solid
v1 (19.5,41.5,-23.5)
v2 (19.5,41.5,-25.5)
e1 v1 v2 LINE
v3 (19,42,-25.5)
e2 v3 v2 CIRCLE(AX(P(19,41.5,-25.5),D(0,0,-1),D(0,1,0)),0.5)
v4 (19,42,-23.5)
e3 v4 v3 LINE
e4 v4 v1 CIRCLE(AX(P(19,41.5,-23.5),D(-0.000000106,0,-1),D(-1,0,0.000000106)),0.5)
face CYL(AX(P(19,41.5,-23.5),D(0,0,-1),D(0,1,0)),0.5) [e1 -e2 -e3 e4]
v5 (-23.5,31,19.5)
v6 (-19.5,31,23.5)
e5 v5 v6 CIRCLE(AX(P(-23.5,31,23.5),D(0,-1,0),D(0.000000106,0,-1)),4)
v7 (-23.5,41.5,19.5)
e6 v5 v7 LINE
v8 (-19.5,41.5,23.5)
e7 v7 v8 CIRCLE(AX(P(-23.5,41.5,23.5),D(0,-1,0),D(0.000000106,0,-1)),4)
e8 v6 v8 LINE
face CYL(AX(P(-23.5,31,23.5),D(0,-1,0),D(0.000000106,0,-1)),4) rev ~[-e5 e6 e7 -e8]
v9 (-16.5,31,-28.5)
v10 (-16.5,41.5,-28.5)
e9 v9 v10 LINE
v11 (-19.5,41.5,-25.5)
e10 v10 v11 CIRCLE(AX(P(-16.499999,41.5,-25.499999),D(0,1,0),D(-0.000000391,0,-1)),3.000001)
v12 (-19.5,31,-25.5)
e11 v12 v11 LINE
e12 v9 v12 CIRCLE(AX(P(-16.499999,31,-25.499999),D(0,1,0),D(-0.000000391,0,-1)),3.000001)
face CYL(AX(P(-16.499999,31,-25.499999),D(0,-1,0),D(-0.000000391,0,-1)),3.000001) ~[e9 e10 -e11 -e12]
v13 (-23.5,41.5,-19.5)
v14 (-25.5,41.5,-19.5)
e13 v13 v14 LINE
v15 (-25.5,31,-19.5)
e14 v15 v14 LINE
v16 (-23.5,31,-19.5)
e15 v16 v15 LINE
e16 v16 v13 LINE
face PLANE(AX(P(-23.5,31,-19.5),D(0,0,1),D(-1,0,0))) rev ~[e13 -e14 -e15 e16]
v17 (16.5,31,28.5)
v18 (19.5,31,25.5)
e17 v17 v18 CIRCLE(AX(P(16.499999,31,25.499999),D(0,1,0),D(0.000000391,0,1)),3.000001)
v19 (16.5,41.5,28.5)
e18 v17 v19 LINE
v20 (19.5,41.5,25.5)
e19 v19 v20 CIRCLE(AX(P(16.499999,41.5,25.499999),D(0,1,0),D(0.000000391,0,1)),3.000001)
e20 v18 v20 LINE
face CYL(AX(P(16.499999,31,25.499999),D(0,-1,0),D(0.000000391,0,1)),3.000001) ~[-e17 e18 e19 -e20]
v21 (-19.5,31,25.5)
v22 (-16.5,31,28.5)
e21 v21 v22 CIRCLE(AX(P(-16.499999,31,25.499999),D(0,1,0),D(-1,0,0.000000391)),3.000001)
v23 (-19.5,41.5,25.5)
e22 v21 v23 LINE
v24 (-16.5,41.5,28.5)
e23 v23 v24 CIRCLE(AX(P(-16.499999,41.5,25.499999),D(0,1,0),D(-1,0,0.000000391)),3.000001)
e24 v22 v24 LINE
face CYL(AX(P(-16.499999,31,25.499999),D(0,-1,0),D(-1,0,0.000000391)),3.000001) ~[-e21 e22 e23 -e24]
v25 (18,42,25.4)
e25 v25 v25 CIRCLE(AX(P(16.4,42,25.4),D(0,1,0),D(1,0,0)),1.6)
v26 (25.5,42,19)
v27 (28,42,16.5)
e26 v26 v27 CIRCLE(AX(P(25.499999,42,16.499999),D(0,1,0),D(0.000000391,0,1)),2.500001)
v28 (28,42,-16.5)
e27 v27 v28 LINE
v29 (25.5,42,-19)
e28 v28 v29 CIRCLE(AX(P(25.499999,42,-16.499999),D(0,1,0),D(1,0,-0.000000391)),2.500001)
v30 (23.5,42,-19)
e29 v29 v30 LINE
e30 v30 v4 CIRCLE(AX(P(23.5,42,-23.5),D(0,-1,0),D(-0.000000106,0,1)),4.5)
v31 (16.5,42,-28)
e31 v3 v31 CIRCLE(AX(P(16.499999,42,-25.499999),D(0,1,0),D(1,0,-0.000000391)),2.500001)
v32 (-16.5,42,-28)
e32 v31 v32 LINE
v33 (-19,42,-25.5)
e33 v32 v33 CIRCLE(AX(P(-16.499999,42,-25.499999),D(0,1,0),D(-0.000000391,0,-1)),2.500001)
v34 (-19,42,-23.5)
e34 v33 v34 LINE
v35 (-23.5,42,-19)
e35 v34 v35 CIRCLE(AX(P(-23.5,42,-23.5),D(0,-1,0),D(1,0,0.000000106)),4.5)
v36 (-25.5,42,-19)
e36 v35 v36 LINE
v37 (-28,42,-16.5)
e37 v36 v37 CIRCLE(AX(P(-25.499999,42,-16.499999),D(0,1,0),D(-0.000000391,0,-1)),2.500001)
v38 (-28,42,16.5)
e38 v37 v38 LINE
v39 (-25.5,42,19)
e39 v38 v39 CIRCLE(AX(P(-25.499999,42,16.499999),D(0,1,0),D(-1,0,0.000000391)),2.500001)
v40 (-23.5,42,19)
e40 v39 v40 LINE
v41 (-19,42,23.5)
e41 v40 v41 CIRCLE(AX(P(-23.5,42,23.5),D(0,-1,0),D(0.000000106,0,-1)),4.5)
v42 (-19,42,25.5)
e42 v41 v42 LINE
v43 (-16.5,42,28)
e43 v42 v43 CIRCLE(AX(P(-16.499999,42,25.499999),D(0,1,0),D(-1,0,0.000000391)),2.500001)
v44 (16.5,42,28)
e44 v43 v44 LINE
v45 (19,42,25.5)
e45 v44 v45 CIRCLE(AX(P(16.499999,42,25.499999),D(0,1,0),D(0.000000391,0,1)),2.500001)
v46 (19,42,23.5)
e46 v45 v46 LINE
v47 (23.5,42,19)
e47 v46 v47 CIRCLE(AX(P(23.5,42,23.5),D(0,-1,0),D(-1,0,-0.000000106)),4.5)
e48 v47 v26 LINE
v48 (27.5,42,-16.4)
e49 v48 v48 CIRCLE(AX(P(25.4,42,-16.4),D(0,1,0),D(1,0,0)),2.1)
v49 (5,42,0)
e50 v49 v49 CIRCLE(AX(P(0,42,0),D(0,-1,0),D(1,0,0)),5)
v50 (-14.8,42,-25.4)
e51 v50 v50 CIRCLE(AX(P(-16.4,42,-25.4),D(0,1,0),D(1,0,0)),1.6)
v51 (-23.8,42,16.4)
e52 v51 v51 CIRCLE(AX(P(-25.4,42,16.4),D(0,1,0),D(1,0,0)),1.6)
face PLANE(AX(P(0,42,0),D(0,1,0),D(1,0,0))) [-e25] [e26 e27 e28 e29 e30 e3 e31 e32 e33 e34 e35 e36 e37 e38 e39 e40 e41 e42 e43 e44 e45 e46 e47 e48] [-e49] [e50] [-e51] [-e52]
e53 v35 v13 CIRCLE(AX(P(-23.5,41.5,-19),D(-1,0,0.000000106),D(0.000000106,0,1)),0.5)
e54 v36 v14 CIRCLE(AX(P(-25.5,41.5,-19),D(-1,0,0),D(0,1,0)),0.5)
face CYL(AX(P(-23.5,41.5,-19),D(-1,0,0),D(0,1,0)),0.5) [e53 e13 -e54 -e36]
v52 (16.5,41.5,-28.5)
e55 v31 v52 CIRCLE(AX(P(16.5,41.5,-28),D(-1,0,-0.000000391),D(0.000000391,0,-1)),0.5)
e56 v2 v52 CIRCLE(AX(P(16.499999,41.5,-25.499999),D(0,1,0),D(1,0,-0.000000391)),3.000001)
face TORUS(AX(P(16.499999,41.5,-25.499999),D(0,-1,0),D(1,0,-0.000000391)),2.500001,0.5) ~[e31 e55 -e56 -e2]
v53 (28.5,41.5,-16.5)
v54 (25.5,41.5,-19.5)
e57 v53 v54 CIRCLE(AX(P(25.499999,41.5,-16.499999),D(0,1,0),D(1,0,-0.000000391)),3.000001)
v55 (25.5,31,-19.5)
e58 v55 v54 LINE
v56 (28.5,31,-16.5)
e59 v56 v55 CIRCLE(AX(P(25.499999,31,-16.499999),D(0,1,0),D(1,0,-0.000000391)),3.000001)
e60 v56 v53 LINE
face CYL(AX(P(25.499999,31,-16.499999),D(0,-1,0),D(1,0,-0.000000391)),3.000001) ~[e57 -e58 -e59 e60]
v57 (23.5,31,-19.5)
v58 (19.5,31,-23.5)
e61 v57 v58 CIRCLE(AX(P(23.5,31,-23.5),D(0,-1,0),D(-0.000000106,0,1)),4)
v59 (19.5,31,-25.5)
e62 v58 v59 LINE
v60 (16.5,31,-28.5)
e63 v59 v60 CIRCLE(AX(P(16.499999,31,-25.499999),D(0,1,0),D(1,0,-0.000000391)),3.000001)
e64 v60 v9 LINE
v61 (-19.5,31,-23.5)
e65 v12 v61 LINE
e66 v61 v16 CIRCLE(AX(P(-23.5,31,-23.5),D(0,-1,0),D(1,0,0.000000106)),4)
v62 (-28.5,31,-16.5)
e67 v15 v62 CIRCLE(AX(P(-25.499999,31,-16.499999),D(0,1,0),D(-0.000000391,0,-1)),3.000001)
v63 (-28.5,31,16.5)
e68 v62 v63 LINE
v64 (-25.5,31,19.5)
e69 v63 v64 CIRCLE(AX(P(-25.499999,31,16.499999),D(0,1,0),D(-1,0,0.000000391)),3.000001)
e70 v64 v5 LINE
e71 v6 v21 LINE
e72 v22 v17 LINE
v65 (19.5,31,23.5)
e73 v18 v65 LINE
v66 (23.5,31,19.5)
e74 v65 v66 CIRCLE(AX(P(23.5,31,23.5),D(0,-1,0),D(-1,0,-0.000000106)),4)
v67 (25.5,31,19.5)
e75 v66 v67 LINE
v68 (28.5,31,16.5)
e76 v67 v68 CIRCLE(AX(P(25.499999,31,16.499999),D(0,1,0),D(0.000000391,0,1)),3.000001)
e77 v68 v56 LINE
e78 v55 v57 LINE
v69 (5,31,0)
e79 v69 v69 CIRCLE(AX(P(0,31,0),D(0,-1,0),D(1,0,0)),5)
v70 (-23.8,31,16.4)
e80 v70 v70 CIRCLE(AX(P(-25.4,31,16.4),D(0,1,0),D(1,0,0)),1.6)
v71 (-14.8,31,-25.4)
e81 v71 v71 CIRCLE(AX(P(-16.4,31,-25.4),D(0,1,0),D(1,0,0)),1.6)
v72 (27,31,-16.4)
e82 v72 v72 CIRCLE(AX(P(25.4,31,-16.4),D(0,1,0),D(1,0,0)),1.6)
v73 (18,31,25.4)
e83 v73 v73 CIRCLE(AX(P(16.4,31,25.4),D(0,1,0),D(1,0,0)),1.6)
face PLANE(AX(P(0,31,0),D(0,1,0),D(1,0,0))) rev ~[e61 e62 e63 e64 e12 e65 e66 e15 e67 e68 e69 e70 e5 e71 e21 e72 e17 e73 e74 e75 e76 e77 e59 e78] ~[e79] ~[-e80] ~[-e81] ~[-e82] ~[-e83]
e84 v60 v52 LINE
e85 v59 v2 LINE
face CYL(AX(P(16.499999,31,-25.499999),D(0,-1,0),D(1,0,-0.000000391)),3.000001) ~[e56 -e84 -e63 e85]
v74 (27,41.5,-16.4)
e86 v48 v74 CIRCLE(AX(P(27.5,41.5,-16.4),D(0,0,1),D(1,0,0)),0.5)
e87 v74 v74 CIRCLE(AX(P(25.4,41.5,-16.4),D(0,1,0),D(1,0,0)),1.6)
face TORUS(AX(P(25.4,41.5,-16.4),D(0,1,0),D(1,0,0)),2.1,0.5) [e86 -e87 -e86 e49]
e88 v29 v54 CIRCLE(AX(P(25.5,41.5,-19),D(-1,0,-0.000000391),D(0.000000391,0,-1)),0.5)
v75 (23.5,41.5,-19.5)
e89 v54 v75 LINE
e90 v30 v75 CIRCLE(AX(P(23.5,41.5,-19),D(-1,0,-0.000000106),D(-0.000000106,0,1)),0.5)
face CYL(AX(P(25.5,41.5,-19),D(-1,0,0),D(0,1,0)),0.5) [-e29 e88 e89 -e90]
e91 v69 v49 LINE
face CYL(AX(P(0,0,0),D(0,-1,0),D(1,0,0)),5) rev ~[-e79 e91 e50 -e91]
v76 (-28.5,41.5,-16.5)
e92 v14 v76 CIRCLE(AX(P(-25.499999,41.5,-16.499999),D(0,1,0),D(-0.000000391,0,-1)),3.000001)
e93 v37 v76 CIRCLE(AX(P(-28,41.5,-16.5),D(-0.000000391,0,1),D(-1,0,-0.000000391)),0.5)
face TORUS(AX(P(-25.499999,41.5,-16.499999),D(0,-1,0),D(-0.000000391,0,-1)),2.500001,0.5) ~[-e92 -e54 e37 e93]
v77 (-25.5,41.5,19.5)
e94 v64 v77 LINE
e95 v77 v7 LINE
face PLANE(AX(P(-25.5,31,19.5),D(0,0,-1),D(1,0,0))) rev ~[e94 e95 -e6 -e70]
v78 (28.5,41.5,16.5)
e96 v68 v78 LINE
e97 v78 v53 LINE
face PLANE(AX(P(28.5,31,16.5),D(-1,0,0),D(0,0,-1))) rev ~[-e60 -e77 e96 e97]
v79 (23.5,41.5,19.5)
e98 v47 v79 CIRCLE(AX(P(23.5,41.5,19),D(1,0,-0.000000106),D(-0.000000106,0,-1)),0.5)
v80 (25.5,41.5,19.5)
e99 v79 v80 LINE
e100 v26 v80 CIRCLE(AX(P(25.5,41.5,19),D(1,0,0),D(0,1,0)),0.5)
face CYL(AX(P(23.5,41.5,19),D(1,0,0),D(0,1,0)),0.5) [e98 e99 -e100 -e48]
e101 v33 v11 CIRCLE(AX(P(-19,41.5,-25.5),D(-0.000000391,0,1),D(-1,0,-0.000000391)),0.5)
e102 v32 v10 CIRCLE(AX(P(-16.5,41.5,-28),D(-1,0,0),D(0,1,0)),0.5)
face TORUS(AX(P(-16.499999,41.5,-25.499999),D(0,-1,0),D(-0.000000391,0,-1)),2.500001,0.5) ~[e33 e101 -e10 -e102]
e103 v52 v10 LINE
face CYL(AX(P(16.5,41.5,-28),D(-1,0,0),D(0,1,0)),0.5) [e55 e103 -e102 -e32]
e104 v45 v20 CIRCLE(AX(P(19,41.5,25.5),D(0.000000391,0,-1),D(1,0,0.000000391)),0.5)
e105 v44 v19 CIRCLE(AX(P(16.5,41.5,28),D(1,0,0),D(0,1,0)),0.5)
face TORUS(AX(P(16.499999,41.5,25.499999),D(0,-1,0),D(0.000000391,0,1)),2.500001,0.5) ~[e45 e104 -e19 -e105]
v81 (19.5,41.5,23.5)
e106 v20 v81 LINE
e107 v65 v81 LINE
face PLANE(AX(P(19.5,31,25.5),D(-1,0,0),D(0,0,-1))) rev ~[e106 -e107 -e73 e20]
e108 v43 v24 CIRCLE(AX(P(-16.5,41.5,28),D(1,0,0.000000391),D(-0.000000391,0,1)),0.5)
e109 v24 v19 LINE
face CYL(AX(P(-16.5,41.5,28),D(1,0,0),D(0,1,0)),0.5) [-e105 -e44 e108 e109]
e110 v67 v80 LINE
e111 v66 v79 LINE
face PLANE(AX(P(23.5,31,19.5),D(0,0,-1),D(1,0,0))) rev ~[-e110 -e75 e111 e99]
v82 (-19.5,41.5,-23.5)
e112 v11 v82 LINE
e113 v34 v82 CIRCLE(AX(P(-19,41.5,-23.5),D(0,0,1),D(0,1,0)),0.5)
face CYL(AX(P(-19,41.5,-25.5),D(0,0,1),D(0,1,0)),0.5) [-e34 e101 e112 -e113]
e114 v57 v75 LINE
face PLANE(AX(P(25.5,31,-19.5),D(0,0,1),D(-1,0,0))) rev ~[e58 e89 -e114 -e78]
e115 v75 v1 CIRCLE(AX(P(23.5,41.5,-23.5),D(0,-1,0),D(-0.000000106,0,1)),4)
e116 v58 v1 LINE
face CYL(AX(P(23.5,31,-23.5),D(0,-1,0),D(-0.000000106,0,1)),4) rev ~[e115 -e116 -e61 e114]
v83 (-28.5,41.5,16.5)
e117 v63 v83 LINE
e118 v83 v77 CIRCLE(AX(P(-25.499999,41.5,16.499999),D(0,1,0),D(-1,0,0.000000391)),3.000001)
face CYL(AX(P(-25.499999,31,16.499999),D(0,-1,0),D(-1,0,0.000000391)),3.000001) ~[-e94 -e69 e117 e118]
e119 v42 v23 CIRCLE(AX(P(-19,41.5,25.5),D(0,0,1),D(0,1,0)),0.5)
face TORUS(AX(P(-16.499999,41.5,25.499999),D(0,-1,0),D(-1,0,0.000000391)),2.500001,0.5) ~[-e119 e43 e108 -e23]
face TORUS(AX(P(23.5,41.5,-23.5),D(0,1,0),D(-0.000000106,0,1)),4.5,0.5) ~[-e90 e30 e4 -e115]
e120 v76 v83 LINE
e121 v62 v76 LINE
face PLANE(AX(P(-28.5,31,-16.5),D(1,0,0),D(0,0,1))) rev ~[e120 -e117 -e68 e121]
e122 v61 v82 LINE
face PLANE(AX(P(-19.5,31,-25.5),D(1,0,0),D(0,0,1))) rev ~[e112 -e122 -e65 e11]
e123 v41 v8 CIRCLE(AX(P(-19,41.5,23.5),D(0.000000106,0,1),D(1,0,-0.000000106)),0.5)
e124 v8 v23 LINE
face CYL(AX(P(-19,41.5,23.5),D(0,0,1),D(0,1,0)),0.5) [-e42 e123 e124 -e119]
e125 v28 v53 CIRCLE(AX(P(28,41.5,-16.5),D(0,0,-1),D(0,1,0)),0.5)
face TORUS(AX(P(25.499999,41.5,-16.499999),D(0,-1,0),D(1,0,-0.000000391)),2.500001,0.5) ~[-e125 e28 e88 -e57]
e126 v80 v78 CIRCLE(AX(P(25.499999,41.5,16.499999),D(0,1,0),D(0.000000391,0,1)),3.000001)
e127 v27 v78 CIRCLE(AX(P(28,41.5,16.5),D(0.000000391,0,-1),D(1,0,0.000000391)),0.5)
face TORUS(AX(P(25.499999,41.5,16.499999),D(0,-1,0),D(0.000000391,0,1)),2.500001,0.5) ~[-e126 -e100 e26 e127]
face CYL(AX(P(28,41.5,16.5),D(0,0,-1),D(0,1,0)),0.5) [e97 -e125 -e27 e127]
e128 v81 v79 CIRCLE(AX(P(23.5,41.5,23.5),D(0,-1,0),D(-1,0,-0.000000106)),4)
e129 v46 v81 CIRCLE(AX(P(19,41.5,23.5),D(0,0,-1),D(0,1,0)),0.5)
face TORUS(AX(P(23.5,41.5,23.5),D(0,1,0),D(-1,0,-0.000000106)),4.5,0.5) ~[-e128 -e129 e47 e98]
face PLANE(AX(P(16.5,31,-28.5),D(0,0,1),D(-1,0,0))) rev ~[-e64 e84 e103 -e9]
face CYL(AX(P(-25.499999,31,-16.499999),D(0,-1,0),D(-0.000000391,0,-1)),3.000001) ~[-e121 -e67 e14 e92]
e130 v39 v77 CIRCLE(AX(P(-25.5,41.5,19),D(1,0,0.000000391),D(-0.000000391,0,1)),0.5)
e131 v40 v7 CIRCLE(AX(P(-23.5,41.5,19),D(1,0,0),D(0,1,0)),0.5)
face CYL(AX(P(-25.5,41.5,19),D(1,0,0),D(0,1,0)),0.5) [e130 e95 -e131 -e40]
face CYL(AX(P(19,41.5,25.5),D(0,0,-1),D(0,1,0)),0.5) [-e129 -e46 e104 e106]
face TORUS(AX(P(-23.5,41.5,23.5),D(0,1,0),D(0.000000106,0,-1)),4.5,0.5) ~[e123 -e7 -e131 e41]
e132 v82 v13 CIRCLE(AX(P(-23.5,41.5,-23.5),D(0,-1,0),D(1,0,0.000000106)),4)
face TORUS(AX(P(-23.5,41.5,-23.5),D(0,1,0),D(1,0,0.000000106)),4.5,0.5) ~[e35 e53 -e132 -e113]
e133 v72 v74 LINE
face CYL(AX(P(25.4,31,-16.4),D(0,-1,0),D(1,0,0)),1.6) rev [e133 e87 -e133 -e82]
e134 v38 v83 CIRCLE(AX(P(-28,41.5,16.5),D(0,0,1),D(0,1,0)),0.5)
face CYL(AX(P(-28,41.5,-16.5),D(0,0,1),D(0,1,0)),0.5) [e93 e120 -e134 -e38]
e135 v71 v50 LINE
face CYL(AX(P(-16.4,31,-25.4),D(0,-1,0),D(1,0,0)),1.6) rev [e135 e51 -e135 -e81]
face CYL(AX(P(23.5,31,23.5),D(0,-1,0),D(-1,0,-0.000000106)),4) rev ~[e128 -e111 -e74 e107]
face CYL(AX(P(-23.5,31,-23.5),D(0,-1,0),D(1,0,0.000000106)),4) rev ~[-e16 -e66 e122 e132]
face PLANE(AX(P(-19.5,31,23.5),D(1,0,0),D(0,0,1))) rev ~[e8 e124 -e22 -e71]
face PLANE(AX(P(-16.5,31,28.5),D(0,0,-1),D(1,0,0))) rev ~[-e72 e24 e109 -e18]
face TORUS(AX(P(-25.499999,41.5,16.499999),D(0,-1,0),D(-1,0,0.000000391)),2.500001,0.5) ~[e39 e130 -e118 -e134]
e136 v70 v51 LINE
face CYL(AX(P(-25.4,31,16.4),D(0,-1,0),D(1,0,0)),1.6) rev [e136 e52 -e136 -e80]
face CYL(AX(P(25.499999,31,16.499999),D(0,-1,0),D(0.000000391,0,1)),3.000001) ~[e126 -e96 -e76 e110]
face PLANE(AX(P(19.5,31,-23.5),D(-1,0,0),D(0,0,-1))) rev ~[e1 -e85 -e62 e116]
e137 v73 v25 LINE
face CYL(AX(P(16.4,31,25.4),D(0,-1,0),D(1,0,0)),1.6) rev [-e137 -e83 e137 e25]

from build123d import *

# Parameters (mm, degrees)
SHAPEBINDER001_R = 1.6
PAD008_DEPTH     = 11
SKETCH014_R      = 5
POCKET007_DEPTH  = 42.001
FILLET002_R      = 0.5


with BuildPart() as part:
    # ShapeBinder001 → Pad008 (new body)
    with BuildSketch(Plane(origin=(0, 31, 0), x_dir=(1, 0, 0), z_dir=(0, 1, 0))):
        with BuildLine():
            Line((-16.5, -28.5), (16.5, -28.5))
            ThreePointArc((16.5, -28.5), (18.62132, -27.62132), (19.5, -25.5))
            Line((19.5, -25.5), (19.5, -23.5))
            ThreePointArc((19.5, -23.5), (20.671573, -20.671573), (23.5, -19.5))
            Line((23.5, -19.5), (25.5, -19.5))
            ThreePointArc((25.5, -19.5), (27.62132, -18.62132), (28.5, -16.5))
            Line((28.5, -16.5), (28.5, 16.5))
            ThreePointArc((28.5, 16.5), (27.62132, 18.62132), (25.5, 19.5))
            Line((25.5, 19.5), (23.5, 19.5))
            ThreePointArc((23.5, 19.5), (20.671573, 20.671573), (19.5, 23.5))
            Line((19.5, 23.5), (19.5, 25.5))
            ThreePointArc((19.5, 25.5), (18.62132, 27.62132), (16.5, 28.5))
            Line((16.5, 28.5), (-16.5, 28.5))
            ThreePointArc((-16.5, 28.5), (-18.62132, 27.62132), (-19.5, 25.5))
            Line((-19.5, 25.5), (-19.5, 23.5))
            ThreePointArc((-19.5, 23.5), (-20.671573, 20.671573), (-23.5, 19.5))
            Line((-23.5, 19.5), (-25.5, 19.5))
            ThreePointArc((-25.5, 19.5), (-27.62132, 18.62132), (-28.5, 16.5))
            Line((-28.5, 16.5), (-28.5, -16.5))
            ThreePointArc((-28.5, -16.5), (-27.62132, -18.62132), (-25.5, -19.5))
            Line((-25.5, -19.5), (-23.5, -19.5))
            ThreePointArc((-23.5, -19.5), (-20.671573, -20.671573), (-19.5, -23.5))
            Line((-19.5, -23.5), (-19.5, -25.5))
            ThreePointArc((-19.5, -25.5), (-18.62132, -27.62132), (-16.5, -28.5))
        make_face()
        with Locations((-16.4, 25.4)):
            Circle(SHAPEBINDER001_R, mode=Mode.SUBTRACT)
        with Locations((-25.4, -16.4)):
            Circle(SHAPEBINDER001_R, mode=Mode.SUBTRACT)
        with Locations((25.4, 16.4)):
            Circle(SHAPEBINDER001_R, mode=Mode.SUBTRACT)
        with Locations((16.4, -25.4)):
            Circle(SHAPEBINDER001_R, mode=Mode.SUBTRACT)
    extrude(amount=PAD008_DEPTH)

    # Sketch014 → Pocket007 (cut, through all)
    with BuildSketch(Plane.XZ):
        Circle(SKETCH014_R)
    extrude(amount=-POCKET007_DEPTH, mode=Mode.SUBTRACT)

    # Fillet002
    fillet002_edges = [part.edges().sort_by_distance(p)[0] for p in [
        (20.671573, 42, -20.671573),
        (25.4, 42, -14.8),
    ]]
    fillet(fillet002_edges, radius=FILLET002_R)


solid = part.part
